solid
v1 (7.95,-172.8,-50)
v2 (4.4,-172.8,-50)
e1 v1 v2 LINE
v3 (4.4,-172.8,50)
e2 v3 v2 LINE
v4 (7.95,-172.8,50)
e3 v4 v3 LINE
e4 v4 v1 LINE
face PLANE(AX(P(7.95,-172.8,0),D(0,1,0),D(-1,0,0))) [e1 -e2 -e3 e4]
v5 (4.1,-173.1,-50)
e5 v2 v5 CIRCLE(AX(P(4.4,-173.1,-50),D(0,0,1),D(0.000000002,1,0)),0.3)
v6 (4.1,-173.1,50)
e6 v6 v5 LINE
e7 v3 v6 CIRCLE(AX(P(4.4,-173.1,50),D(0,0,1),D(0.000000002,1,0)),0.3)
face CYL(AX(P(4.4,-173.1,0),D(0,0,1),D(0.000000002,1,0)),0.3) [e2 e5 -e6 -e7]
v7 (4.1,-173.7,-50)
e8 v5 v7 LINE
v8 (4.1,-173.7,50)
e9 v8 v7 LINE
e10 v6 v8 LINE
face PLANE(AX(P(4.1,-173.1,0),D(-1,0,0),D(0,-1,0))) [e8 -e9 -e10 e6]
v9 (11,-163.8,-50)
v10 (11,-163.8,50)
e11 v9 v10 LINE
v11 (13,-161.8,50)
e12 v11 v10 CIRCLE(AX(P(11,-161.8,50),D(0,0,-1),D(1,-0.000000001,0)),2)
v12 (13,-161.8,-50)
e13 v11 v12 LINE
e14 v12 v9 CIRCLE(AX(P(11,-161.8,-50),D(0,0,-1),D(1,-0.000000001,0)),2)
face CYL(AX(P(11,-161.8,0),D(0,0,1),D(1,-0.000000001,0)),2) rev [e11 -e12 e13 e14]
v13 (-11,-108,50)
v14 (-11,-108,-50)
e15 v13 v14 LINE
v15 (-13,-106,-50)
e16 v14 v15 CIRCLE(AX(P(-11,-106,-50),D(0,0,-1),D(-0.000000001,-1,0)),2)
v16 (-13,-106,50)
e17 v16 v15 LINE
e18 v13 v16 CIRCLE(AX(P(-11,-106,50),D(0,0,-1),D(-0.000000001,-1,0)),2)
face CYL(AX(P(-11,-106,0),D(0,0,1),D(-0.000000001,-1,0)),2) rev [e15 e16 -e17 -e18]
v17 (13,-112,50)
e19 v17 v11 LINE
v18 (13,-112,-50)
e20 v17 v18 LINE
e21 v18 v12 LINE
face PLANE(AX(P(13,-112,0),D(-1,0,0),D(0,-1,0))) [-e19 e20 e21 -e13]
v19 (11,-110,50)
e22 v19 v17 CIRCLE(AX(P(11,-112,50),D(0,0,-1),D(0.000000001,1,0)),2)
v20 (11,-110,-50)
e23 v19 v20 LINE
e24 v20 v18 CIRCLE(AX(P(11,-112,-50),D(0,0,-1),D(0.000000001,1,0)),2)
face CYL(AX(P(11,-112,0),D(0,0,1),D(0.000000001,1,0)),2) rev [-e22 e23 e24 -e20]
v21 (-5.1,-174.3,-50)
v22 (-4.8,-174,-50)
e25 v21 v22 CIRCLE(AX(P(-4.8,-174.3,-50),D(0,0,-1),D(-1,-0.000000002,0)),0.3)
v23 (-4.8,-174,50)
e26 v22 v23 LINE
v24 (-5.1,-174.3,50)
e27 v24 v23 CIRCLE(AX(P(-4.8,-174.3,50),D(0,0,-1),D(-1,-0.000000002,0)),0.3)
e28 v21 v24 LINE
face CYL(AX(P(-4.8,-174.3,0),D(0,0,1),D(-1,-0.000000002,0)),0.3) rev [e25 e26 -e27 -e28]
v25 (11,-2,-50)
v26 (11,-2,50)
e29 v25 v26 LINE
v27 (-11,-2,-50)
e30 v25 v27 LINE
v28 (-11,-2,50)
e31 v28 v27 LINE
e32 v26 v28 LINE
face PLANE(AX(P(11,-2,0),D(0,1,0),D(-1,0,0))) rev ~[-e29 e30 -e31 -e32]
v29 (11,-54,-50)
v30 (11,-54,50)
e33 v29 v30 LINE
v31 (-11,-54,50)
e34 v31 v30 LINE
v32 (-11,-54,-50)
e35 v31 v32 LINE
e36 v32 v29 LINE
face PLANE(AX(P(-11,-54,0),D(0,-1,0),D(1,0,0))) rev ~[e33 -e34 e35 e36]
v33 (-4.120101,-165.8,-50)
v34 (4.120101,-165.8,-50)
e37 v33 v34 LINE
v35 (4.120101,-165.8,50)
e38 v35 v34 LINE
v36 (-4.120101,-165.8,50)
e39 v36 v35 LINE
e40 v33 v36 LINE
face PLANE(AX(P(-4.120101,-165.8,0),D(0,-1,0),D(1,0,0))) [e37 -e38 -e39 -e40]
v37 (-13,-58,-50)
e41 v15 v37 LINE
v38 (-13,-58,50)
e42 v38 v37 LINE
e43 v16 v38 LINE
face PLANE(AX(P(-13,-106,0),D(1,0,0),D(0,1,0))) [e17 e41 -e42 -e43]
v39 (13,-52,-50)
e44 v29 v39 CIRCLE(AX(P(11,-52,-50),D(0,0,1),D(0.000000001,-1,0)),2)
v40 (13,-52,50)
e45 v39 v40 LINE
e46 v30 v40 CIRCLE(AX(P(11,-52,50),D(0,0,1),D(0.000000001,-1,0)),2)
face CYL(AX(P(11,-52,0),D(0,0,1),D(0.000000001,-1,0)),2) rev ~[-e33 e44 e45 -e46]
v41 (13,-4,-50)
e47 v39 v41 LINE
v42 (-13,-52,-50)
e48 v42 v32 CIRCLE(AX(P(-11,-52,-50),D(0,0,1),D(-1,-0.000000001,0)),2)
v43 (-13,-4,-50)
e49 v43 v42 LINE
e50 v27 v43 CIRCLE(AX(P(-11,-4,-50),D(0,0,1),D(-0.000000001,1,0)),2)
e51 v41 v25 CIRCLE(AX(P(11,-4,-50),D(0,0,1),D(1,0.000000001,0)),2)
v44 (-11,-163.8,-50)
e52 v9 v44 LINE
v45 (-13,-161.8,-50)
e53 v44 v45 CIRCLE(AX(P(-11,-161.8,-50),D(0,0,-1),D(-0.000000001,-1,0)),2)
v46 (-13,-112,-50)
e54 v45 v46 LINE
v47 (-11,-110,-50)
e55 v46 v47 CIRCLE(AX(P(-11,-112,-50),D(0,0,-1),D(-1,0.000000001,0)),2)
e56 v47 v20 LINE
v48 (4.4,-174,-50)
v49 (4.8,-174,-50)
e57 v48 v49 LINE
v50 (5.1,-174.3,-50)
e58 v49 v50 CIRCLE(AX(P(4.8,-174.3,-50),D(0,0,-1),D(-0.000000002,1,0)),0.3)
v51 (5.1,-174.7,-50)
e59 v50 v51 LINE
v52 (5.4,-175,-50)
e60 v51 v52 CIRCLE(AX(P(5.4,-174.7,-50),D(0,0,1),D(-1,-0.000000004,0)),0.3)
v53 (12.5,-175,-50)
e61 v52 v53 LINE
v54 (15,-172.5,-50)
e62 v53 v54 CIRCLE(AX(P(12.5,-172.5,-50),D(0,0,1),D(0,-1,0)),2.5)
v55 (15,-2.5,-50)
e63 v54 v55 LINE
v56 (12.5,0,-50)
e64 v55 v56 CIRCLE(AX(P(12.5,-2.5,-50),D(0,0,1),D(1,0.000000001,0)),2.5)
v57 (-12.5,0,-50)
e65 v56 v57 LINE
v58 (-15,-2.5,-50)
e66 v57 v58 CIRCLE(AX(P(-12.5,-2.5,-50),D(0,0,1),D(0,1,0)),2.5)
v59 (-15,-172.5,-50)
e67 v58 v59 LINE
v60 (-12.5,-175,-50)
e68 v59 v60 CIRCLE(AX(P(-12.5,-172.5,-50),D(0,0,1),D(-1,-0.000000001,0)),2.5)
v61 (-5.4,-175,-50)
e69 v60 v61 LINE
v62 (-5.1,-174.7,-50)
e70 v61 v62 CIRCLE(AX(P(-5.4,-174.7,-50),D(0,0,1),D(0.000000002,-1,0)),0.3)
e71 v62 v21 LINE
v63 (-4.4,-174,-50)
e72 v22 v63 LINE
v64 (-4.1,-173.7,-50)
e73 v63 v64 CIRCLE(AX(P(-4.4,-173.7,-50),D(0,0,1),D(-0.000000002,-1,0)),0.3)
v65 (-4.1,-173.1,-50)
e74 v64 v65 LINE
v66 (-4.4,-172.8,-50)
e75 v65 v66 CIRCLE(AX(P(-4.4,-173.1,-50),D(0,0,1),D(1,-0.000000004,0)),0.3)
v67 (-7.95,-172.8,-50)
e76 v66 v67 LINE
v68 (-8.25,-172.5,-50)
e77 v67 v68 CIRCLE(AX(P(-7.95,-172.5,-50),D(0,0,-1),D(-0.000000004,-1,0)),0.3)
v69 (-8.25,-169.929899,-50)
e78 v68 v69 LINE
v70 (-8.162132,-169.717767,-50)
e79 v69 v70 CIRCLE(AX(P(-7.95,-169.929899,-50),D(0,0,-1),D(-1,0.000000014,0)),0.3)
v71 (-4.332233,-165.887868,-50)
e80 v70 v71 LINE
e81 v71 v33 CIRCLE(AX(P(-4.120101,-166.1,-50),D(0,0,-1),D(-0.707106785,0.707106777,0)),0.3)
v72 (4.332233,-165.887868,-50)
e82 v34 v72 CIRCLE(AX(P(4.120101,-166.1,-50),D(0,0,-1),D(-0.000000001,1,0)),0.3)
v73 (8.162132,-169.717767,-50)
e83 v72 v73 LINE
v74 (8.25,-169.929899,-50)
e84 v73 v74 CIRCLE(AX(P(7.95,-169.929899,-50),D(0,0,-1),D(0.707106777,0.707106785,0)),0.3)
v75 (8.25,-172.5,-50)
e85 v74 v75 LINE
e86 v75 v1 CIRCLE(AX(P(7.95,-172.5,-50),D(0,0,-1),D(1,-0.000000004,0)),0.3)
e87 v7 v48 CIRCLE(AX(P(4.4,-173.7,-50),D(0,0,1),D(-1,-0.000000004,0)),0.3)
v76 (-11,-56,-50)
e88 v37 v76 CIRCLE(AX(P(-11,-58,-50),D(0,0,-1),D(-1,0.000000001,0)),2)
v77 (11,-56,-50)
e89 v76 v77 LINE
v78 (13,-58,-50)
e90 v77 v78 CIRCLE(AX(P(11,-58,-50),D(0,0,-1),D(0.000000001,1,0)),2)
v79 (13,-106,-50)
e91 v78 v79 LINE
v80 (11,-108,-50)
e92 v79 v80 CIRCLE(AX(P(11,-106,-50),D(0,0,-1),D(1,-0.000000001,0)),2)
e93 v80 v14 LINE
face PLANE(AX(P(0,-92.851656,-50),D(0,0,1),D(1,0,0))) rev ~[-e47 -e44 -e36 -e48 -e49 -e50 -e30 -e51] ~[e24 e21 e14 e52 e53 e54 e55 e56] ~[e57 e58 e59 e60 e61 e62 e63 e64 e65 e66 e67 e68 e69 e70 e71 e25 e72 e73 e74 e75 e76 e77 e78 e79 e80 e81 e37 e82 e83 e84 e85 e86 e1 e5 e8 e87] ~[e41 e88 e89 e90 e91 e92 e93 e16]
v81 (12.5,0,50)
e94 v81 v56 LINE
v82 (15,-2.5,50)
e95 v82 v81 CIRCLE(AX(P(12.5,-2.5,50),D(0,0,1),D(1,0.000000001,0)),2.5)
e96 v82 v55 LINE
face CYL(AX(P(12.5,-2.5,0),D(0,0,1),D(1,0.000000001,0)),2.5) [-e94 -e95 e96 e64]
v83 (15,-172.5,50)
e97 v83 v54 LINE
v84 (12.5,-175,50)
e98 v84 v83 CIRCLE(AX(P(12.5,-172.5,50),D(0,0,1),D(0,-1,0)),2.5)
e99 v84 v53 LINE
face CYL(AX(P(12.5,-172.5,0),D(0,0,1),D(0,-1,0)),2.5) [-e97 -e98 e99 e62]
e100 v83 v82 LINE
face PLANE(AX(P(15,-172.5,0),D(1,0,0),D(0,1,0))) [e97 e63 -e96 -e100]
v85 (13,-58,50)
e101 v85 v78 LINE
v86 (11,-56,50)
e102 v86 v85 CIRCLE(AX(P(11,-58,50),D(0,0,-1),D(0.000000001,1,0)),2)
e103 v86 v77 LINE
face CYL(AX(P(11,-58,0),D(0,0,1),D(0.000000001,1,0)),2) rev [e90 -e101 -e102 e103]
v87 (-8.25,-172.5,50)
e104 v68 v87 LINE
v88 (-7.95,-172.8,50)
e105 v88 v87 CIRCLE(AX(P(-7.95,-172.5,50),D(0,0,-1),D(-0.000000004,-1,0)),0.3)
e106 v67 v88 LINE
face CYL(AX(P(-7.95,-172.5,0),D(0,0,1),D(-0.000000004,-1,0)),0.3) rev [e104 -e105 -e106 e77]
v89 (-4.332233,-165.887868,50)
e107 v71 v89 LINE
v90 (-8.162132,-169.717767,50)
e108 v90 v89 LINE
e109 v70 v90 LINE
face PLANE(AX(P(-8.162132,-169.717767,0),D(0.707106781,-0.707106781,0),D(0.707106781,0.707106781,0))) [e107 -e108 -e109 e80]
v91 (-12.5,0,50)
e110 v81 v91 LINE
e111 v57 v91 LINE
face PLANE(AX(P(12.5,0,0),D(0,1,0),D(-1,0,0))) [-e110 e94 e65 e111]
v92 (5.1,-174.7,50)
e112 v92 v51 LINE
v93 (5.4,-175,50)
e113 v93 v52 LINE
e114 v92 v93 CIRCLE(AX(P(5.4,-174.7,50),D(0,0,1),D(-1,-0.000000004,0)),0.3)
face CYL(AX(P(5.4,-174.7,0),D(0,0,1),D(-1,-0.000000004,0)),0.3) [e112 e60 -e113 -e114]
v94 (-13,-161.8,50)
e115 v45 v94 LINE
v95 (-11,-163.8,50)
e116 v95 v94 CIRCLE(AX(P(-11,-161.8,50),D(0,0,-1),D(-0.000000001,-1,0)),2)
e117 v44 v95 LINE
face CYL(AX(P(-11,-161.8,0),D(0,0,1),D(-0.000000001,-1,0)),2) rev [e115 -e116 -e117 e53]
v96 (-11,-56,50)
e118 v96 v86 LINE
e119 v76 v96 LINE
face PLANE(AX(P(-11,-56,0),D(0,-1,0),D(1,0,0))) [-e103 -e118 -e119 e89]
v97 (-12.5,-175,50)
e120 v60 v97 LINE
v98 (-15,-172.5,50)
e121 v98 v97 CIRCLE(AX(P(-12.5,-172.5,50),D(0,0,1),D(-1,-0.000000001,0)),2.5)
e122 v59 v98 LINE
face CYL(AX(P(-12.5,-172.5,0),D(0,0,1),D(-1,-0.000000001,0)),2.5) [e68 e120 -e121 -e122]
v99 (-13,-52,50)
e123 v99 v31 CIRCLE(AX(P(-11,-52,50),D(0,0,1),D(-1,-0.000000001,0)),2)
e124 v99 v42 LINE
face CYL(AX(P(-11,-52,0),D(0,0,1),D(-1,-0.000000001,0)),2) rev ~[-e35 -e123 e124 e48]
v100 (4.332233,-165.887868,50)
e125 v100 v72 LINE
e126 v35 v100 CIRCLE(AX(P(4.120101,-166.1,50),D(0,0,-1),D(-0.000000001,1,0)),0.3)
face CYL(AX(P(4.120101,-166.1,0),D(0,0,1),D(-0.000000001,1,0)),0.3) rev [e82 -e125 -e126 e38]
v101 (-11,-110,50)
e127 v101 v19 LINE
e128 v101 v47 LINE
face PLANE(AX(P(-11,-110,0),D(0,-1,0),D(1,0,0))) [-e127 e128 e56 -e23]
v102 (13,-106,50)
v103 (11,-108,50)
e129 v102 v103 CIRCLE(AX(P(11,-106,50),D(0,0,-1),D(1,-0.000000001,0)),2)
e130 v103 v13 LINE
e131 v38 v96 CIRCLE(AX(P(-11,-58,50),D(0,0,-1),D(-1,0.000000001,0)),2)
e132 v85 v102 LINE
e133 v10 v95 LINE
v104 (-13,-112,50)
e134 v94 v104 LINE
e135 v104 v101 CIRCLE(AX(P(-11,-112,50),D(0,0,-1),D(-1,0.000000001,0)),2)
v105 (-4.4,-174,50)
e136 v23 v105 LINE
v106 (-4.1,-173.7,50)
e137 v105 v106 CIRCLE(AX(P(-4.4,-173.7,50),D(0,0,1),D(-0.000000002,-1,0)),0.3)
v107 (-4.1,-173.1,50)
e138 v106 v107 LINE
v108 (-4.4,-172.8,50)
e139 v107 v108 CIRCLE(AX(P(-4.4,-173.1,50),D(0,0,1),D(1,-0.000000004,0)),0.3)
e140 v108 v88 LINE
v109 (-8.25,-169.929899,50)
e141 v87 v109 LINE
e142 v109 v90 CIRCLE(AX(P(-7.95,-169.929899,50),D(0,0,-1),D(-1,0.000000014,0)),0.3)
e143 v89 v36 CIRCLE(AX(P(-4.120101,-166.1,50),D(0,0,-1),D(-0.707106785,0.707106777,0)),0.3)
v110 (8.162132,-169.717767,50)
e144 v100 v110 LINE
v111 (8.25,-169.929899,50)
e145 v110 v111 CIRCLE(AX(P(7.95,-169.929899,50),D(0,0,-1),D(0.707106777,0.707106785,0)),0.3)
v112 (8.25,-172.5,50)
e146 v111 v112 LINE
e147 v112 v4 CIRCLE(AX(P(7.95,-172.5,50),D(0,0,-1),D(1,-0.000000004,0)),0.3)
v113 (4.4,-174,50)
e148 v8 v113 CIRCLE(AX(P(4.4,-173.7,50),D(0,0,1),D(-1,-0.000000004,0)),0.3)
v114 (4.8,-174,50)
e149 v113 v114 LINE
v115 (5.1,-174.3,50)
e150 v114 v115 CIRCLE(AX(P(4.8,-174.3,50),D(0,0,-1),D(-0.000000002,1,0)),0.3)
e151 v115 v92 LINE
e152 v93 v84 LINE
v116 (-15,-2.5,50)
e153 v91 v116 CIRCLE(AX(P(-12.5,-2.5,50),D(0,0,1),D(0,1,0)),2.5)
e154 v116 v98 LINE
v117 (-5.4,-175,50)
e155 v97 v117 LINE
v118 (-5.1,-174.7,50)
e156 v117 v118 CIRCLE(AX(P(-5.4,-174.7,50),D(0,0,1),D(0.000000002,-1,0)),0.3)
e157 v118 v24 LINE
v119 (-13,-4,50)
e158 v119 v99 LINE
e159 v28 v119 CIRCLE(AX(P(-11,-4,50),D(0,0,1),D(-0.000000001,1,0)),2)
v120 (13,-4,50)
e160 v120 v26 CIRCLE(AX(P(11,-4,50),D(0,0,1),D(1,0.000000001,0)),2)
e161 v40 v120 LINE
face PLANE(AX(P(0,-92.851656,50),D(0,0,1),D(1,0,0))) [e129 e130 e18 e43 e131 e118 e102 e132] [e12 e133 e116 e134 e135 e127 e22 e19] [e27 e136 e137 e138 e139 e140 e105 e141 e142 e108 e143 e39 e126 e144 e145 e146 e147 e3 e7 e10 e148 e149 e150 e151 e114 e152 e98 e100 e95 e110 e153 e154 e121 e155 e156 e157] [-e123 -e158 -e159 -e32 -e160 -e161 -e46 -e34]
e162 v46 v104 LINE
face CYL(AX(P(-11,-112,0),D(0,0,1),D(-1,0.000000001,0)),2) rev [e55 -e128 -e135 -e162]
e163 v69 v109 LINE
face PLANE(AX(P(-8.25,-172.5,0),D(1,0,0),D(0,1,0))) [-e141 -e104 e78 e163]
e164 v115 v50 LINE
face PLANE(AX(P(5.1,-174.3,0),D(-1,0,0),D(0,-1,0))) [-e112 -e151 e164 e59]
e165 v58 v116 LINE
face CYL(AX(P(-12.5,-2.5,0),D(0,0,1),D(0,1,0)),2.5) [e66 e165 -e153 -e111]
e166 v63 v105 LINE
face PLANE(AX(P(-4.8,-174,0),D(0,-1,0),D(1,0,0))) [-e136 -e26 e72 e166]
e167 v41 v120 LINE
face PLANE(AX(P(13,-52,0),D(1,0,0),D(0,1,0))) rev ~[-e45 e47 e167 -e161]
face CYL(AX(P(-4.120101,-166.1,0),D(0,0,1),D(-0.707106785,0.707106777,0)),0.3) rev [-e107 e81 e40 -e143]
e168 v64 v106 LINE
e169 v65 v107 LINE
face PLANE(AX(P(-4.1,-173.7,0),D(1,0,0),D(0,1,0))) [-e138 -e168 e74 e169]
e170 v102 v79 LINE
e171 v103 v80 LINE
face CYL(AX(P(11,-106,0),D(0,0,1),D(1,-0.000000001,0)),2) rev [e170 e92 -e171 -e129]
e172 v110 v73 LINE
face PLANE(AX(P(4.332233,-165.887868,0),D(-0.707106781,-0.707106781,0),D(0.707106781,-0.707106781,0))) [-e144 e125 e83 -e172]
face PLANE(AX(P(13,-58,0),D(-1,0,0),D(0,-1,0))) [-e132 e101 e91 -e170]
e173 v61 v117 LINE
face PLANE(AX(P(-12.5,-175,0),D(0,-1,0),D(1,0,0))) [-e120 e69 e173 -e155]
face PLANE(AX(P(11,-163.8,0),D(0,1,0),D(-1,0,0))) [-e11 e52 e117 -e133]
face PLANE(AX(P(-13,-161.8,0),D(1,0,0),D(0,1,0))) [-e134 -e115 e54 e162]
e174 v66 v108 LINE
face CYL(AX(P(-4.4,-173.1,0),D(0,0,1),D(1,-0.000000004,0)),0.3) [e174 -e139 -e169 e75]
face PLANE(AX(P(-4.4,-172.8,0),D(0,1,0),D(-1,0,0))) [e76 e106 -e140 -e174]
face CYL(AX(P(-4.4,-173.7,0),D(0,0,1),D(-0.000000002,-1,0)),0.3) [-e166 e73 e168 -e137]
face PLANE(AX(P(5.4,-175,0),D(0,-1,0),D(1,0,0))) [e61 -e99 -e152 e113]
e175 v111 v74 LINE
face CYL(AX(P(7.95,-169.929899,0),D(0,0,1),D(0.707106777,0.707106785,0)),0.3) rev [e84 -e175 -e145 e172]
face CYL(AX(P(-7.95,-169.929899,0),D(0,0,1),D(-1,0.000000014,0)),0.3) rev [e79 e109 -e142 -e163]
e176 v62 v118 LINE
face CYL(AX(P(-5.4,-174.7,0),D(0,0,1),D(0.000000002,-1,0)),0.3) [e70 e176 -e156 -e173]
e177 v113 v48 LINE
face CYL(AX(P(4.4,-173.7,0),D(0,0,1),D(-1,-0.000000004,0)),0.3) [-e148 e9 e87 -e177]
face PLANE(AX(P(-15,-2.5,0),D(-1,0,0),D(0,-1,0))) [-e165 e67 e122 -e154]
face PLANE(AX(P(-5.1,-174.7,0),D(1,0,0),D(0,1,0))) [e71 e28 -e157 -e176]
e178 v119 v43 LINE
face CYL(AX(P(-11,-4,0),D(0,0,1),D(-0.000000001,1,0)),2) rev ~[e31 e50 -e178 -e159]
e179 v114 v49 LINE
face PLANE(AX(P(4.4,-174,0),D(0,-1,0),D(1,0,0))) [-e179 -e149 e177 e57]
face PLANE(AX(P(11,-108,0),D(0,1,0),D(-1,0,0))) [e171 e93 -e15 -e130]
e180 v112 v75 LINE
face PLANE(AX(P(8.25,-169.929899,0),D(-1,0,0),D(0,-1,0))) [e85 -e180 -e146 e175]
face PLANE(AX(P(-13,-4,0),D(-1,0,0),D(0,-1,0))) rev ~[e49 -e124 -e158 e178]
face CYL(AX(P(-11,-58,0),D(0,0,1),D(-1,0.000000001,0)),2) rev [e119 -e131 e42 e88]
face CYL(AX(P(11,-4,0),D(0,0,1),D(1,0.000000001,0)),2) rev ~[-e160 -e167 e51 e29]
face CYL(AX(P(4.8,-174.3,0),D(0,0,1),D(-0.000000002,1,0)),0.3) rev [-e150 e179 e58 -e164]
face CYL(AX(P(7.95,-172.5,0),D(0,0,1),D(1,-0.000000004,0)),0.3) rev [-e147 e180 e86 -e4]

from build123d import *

# Parameters (mm, degrees)
EXTRUDE_1_DEPTH = 50


with BuildPart() as part:
    # 草图1 → 凸台-拉伸1 (new, symmetric)
    with BuildSketch(Plane.XY):
        with BuildLine():
            Line((12.49999999, 0), (-12.49999999, 0))
            ThreePointArc((-12.49999999, 0), (-14.267766942, -0.732233047), (-14.999999989, -2.499999998))
            Line((-14.999999989, -2.499999998), (-14.999999989, -172.500000002))
            ThreePointArc((-14.999999989, -172.500000002), (-14.267766942, -174.267766953), (-12.49999999, -175))
            Line((-12.49999999, -175), (-5.399999995, -175))
            ThreePointArc((-5.399999995, -175), (-5.187867961, -174.912132034), (-5.099999996, -174.7))
            Line((-5.099999996, -174.7), (-5.099999996, -174.300000001))
            ThreePointArc((-5.099999996, -174.300000001), (-5.01213203, -174.087867966), (-4.799999996, -174.000000001))
            Line((-4.799999996, -174.000000001), (-4.399999997, -174.000000001))
            ThreePointArc((-4.399999997, -174.000000001), (-4.187867962, -173.912132035), (-4.099999997, -173.700000001))
            Line((-4.099999997, -173.700000001), (-4.099999997, -173.100000001))
            ThreePointArc((-4.099999997, -173.100000001), (-4.187867962, -172.887867967), (-4.399999997, -172.800000002))
            Line((-4.399999997, -172.800000002), (-7.949999994, -172.800000002))
            ThreePointArc((-7.949999994, -172.800000002), (-8.162132028, -172.712132036), (-8.249999994, -172.500000002))
            Line((-8.249999994, -172.500000002), (-8.249999994, -169.929898991))
            ThreePointArc((-8.249999994, -169.929898991), (-8.227163853, -169.815093962), (-8.162132028, -169.717766957))
            Line((-8.162132028, -169.717766957), (-4.332233044, -165.887867973))
            ThreePointArc((-4.332233044, -165.887867973), (-4.234906039, -165.822836147), (-4.12010101, -165.800000007))
            Line((-4.12010101, -165.800000007), (4.12010101, -165.800000007))
            ThreePointArc((4.12010101, -165.800000007), (4.234906039, -165.822836147), (4.332233044, -165.887867973))
            Line((4.332233044, -165.887867973), (8.162132028, -169.717766957))
            ThreePointArc((8.162132028, -169.717766957), (8.227163854, -169.815093962), (8.249999994, -169.929898991))
            Line((8.249999994, -169.929898991), (8.249999994, -172.500000002))
            ThreePointArc((8.249999994, -172.500000002), (8.162132028, -172.712132036), (7.949999994, -172.800000002))
            Line((7.949999994, -172.800000002), (4.399999997, -172.800000002))
            ThreePointArc((4.399999997, -172.800000002), (4.187867963, -172.887867967), (4.099999997, -173.100000001))
            Line((4.099999997, -173.100000001), (4.099999997, -173.700000001))
            ThreePointArc((4.099999997, -173.700000001), (4.187867963, -173.912132035), (4.399999997, -174.000000001))
            Line((4.399999997, -174.000000001), (4.799999996, -174.000000001))
            ThreePointArc((4.799999996, -174.000000001), (5.01213203, -174.087867966), (5.099999996, -174.300000001))
            Line((5.099999996, -174.300000001), (5.099999996, -174.7))
            ThreePointArc((5.099999996, -174.7), (5.187867962, -174.912132034), (5.399999996, -175))
            Line((5.399999996, -175), (12.49999999, -175))
            ThreePointArc((12.49999999, -175), (14.267766942, -174.267766953), (14.999999989, -172.500000002))
            Line((14.999999989, -172.500000002), (14.999999989, -2.499999998))
            ThreePointArc((14.999999989, -2.499999998), (14.267766942, -0.732233047), (12.49999999, 0))
        make_face()
        with BuildLine():
            Line((10.999999989, -2), (-10.999999989, -2))
            ThreePointArc((-10.999999989, -2), (-12.414213551, -2.585786438), (-12.999999989, -4))
            Line((-12.999999989, -4), (-12.999999989, -52))
            ThreePointArc((-12.999999989, -52), (-12.414213551, -53.414213562), (-10.999999989, -54))
            Line((-10.999999989, -54), (10.999999989, -54))
            ThreePointArc((10.999999989, -54), (12.414213551, -53.414213562), (12.999999989, -52))
            Line((12.999999989, -52), (12.999999989, -4))
            ThreePointArc((12.999999989, -4), (12.414213551, -2.585786438), (10.999999989, -2))
        make_face(mode=Mode.SUBTRACT)
        with BuildLine():
            Line((10.999999989, -163.800000007), (-10.999999989, -163.800000007))
            ThreePointArc((-10.999999989, -163.800000007), (-12.414213551, -163.214213569), (-12.999999989, -161.800000007))
            Line((-12.999999989, -161.800000007), (-12.999999989, -112))
            ThreePointArc((-12.999999989, -112), (-12.414213551, -110.585786438), (-10.999999989, -110))
            Line((-10.999999989, -110), (10.999999989, -110))
            ThreePointArc((10.999999989, -110), (12.414213551, -110.585786438), (12.999999989, -112))
            Line((12.999999989, -112), (12.999999989, -161.800000007))
            ThreePointArc((12.999999989, -161.800000007), (12.414213551, -163.214213569), (10.999999989, -163.800000007))
        make_face(mode=Mode.SUBTRACT)
        with BuildLine():
            Line((-10.999999989, -56), (10.999999989, -56))
            ThreePointArc((10.999999989, -56), (12.414213551, -56.585786438), (12.999999989, -58))
            Line((12.999999989, -58), (12.999999989, -106))
            ThreePointArc((12.999999989, -106), (12.414213551, -107.414213562), (10.999999989, -108))
            Line((10.999999989, -108), (-10.999999989, -108))
            ThreePointArc((-10.999999989, -108), (-12.414213551, -107.414213562), (-12.999999989, -106))
            Line((-12.999999989, -106), (-12.999999989, -58))
            ThreePointArc((-12.999999989, -58), (-12.414213551, -56.585786438), (-10.999999989, -56))
        make_face(mode=Mode.SUBTRACT)
    extrude(amount=EXTRUDE_1_DEPTH, both=True)


solid = part.part
